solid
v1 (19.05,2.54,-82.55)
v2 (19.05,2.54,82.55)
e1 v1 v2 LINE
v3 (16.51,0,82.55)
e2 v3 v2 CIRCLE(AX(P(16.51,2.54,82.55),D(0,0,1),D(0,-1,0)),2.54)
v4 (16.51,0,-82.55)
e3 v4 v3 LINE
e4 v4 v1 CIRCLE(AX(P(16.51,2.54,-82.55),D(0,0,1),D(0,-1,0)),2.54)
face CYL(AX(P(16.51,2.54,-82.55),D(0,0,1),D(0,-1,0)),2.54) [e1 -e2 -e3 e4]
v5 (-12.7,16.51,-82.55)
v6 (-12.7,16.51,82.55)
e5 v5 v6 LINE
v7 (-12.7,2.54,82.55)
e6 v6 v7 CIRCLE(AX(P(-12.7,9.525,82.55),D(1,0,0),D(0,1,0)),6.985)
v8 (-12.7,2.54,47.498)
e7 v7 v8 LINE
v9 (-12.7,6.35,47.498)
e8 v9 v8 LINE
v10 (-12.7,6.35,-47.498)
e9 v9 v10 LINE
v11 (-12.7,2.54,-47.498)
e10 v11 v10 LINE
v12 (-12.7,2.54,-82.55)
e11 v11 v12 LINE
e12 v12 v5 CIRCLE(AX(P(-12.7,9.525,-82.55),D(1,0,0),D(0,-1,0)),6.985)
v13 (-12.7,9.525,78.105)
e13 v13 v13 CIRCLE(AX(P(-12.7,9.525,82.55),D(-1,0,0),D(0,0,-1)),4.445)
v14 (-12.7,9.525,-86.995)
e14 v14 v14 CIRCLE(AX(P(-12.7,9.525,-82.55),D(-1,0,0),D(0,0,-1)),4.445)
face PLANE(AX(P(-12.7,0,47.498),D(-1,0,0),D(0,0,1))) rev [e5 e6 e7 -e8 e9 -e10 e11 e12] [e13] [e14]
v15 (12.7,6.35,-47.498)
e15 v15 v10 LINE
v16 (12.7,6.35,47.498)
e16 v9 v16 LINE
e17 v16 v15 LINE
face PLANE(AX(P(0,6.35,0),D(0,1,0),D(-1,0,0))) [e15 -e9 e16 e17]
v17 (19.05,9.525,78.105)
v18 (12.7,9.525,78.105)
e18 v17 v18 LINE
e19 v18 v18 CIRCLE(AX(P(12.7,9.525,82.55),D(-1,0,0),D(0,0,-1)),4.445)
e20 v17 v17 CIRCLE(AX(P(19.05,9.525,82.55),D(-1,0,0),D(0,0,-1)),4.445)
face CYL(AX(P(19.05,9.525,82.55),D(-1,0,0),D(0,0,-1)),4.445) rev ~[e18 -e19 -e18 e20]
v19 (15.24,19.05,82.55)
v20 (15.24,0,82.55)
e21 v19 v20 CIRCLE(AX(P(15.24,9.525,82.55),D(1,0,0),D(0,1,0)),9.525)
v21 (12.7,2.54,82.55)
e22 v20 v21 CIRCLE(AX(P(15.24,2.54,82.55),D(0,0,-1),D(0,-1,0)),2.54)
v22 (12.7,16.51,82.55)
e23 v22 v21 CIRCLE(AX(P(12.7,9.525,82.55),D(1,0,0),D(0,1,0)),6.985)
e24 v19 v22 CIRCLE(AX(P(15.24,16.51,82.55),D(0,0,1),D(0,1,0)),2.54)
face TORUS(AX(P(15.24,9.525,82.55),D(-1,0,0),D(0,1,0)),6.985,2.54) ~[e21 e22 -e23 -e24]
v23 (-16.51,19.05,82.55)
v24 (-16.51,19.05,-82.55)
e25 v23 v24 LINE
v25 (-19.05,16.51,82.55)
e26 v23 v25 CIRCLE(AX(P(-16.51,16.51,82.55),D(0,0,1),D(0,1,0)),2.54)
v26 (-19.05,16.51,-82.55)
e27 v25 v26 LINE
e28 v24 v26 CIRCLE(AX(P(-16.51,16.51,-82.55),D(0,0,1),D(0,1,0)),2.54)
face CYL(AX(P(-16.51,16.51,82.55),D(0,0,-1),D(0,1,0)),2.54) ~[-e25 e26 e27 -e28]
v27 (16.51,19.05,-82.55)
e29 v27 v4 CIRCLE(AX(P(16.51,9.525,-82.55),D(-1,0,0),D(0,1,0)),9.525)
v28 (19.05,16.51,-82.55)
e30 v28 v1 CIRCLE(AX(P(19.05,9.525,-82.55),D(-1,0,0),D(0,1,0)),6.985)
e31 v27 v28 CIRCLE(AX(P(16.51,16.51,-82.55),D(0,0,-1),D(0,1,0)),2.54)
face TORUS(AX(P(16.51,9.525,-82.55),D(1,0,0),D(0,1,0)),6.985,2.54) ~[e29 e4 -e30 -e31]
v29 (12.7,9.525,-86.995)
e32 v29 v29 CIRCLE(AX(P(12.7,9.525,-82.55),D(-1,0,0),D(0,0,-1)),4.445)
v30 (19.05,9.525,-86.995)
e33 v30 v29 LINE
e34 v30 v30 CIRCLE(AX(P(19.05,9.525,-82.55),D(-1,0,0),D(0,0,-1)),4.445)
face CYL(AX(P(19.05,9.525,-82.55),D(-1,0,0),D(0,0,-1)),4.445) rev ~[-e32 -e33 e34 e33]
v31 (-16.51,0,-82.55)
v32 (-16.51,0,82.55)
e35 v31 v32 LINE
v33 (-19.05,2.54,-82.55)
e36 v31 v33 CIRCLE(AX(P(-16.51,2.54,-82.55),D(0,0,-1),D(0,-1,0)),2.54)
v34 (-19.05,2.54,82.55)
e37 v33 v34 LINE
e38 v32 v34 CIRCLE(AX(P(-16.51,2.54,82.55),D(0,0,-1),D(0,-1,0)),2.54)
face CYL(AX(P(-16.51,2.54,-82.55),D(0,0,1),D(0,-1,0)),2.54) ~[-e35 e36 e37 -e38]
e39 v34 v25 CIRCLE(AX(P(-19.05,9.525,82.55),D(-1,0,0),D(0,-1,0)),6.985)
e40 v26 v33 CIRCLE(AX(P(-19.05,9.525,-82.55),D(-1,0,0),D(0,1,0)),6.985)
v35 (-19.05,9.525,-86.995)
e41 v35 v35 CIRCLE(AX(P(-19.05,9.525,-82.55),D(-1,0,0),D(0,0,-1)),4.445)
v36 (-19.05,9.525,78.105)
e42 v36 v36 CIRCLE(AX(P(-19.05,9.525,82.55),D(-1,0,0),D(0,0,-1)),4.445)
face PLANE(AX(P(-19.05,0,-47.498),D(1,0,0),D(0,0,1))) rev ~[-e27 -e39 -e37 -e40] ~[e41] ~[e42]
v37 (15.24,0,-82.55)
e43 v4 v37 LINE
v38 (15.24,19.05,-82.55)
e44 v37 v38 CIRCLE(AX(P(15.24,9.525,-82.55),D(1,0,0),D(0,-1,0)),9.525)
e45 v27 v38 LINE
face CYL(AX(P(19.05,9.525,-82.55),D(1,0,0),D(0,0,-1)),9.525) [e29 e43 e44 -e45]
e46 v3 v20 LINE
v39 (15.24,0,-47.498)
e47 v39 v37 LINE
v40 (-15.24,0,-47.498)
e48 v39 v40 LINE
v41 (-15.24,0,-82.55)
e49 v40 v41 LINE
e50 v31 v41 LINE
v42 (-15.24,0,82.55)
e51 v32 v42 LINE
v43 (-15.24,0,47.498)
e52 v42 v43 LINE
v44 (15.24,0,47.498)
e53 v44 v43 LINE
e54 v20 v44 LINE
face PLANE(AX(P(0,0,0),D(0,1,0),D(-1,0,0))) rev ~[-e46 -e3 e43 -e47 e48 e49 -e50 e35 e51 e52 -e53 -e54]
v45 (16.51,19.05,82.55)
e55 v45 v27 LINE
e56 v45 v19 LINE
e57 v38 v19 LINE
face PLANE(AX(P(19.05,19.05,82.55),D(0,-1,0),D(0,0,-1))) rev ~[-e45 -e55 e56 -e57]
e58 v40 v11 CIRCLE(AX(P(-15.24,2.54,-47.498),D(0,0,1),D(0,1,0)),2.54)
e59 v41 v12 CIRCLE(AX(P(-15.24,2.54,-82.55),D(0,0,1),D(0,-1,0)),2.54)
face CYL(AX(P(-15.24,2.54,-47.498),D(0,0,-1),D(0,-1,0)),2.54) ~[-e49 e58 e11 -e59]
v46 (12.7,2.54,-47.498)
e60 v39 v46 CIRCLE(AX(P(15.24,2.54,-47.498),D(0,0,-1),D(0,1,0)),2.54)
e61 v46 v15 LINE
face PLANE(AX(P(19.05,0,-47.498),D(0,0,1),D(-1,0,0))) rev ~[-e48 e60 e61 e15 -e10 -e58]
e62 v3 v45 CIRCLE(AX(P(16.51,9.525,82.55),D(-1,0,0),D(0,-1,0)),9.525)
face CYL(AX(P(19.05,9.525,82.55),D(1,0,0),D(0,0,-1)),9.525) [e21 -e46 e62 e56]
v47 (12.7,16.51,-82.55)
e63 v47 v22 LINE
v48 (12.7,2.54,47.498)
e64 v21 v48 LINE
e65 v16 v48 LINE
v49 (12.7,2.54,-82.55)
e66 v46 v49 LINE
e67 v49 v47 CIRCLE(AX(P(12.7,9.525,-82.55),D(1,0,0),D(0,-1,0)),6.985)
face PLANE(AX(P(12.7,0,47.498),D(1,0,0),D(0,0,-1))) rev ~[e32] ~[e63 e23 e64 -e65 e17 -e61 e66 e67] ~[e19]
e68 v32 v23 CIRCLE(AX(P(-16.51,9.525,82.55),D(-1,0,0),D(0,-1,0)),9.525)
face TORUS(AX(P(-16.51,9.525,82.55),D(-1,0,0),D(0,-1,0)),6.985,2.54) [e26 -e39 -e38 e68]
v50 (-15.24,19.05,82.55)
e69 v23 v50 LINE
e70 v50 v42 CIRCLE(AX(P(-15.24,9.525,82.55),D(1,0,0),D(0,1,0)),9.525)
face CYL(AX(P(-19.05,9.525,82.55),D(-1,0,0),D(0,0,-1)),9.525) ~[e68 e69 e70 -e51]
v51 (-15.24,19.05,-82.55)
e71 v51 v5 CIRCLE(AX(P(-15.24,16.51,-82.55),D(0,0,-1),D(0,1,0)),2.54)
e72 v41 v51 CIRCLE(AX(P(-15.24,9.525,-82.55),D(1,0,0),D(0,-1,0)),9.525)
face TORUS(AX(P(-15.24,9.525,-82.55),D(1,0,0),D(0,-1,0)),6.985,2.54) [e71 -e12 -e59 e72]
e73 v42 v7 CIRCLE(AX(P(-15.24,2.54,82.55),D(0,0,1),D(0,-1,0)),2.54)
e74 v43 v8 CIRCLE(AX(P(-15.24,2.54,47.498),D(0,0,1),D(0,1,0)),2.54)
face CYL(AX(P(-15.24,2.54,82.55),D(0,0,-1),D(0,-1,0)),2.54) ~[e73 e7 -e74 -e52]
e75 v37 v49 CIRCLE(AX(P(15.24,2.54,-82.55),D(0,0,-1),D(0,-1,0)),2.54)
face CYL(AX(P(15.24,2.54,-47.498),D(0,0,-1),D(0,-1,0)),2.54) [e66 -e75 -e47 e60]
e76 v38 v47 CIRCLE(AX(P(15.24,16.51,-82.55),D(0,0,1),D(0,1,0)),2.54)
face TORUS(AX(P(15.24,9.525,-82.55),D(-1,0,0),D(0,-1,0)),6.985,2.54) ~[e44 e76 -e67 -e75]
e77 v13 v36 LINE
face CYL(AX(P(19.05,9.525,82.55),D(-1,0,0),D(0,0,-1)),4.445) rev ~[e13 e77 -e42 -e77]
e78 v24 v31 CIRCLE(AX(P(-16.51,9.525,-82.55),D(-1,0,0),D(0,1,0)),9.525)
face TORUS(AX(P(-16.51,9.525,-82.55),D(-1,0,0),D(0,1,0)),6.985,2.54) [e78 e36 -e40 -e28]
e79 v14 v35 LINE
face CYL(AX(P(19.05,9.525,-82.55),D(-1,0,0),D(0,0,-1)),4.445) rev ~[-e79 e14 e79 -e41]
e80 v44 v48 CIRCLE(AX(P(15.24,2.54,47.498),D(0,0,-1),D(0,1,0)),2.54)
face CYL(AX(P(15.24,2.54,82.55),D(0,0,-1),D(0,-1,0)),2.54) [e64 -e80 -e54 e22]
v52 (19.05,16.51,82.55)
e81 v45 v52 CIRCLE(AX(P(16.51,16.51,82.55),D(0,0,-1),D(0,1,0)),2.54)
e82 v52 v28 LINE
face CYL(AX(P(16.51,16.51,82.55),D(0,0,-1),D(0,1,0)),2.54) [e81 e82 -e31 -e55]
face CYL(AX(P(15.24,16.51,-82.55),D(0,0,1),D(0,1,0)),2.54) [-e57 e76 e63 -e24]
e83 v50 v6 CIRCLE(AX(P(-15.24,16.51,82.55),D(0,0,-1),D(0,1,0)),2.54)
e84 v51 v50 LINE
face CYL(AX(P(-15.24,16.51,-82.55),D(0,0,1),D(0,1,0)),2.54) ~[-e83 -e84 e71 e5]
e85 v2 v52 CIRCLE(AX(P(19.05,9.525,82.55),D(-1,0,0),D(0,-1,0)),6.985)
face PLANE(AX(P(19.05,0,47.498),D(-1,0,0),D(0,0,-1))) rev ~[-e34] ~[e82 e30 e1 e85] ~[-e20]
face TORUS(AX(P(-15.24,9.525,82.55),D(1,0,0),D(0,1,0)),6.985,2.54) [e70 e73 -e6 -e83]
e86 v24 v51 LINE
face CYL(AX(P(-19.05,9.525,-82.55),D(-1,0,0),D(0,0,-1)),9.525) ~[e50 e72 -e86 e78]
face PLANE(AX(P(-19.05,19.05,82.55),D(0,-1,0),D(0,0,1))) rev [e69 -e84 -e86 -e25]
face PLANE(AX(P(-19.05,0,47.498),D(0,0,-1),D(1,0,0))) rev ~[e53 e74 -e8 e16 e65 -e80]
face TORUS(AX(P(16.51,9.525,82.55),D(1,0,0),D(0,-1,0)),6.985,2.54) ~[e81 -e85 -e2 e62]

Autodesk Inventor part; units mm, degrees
ref_plane "YZ Plane" through (0, 0, 0) normal (1, 0, 0) x (0, 1, 0)
ref_plane "XZ Plane" through (0, 0, 0) normal (0, 1, 0) x (-1, 0, 0)
ref_plane "XY Plane" through (0, 0, 0) normal (0, 0, 1) x (1, 0, 0)
sketch "Sketch1" plane through (0, 0, 0) normal (0, 1, 0) x (-1, 0, 0)
  line L0 (19.05, 47.498) -> (-19.05, 47.498)
  line L1 (-19.05, 47.498) -> (-19.05, -47.498)
  line L2 (-19.05, -47.498) -> (19.05, -47.498)
  line L3 (19.05, -47.498) -> (19.05, 47.498)
  line L4 (19.05, 47.498) -> (-19.05, -47.498) construction
  line L5 (-19.05, 47.498) -> (19.05, -47.498) construction
  point P0 (0, 0)
  dimension "d0" = 38.1
  dimension "d1" = 94.996
extrude "Extrusion1" add sketch "Sketch1" along normal blind 6.35
sketch "Sketch2" plane through (19.05, 0, 47.498) normal (1, 0, 0) x (0, 0, -1)
  line L0 (-35.052, 19.05) -> (130.048, 19.05)
  line L1 (130.048, 19.05) -> (130.048, 0)
  line L2 (130.048, 0) -> (-35.052, 0)
  line L3 (-35.052, 0) -> (-35.052, 19.05)
  line L4 (-35.052, 19.05) -> (130.048, 0) construction
  line L5 (130.048, 19.05) -> (-35.052, 0) construction
  line L6 (0, 0) -> (94.996, 0) projected
  circle A0 centre (-35.052, 9.525) radius 9.525
  circle A1 centre (130.048, 9.525) radius 9.525
  point P0 (47.498, 0)
  point P1 (47.498, 9.525)
  point P2 (47.498, 0)
  dimension "d4" = 165.1
  dimension "d5" = 19.05
extrude "Extrusion2" add sketch "Sketch2" against normal blind 6.35
fillet "Fillet1" radius 2.54 9 edges at (12.7, 0, -65.024) (12.7, 19.05, 0) (12.7, 9.525, 92.075) (12.7, 0, 65.024) (12.7, 9.525, -92.075) (19.05, 19.05, 0) (19.05, 9.525, 92.075) (19.05, 0, 0) (19.05, 9.525, -92.075)
mirror "Mirror1" about plane through (0, 0, 0) normal (1, 0, 0) of "Extrusion2", "Fillet1"
sketch "Sketch3" plane through (19.05, 9.525, 82.55) normal (1, 0, 0) x (0, 0, -1)
  arc A0 (165.1, -6.985) -> (165.1, 6.985) centre (165.1, 0) ccw projected
  point P0 (82.55, -9.525)
  point P1 (0, 0)
hole "Hole1" at (19.05, 9.525, 82.55) at (19.05, 9.525, -82.55) direction (-1, 0, 0) diameter 8.89 end through all
properties part number "Thin Leg"
